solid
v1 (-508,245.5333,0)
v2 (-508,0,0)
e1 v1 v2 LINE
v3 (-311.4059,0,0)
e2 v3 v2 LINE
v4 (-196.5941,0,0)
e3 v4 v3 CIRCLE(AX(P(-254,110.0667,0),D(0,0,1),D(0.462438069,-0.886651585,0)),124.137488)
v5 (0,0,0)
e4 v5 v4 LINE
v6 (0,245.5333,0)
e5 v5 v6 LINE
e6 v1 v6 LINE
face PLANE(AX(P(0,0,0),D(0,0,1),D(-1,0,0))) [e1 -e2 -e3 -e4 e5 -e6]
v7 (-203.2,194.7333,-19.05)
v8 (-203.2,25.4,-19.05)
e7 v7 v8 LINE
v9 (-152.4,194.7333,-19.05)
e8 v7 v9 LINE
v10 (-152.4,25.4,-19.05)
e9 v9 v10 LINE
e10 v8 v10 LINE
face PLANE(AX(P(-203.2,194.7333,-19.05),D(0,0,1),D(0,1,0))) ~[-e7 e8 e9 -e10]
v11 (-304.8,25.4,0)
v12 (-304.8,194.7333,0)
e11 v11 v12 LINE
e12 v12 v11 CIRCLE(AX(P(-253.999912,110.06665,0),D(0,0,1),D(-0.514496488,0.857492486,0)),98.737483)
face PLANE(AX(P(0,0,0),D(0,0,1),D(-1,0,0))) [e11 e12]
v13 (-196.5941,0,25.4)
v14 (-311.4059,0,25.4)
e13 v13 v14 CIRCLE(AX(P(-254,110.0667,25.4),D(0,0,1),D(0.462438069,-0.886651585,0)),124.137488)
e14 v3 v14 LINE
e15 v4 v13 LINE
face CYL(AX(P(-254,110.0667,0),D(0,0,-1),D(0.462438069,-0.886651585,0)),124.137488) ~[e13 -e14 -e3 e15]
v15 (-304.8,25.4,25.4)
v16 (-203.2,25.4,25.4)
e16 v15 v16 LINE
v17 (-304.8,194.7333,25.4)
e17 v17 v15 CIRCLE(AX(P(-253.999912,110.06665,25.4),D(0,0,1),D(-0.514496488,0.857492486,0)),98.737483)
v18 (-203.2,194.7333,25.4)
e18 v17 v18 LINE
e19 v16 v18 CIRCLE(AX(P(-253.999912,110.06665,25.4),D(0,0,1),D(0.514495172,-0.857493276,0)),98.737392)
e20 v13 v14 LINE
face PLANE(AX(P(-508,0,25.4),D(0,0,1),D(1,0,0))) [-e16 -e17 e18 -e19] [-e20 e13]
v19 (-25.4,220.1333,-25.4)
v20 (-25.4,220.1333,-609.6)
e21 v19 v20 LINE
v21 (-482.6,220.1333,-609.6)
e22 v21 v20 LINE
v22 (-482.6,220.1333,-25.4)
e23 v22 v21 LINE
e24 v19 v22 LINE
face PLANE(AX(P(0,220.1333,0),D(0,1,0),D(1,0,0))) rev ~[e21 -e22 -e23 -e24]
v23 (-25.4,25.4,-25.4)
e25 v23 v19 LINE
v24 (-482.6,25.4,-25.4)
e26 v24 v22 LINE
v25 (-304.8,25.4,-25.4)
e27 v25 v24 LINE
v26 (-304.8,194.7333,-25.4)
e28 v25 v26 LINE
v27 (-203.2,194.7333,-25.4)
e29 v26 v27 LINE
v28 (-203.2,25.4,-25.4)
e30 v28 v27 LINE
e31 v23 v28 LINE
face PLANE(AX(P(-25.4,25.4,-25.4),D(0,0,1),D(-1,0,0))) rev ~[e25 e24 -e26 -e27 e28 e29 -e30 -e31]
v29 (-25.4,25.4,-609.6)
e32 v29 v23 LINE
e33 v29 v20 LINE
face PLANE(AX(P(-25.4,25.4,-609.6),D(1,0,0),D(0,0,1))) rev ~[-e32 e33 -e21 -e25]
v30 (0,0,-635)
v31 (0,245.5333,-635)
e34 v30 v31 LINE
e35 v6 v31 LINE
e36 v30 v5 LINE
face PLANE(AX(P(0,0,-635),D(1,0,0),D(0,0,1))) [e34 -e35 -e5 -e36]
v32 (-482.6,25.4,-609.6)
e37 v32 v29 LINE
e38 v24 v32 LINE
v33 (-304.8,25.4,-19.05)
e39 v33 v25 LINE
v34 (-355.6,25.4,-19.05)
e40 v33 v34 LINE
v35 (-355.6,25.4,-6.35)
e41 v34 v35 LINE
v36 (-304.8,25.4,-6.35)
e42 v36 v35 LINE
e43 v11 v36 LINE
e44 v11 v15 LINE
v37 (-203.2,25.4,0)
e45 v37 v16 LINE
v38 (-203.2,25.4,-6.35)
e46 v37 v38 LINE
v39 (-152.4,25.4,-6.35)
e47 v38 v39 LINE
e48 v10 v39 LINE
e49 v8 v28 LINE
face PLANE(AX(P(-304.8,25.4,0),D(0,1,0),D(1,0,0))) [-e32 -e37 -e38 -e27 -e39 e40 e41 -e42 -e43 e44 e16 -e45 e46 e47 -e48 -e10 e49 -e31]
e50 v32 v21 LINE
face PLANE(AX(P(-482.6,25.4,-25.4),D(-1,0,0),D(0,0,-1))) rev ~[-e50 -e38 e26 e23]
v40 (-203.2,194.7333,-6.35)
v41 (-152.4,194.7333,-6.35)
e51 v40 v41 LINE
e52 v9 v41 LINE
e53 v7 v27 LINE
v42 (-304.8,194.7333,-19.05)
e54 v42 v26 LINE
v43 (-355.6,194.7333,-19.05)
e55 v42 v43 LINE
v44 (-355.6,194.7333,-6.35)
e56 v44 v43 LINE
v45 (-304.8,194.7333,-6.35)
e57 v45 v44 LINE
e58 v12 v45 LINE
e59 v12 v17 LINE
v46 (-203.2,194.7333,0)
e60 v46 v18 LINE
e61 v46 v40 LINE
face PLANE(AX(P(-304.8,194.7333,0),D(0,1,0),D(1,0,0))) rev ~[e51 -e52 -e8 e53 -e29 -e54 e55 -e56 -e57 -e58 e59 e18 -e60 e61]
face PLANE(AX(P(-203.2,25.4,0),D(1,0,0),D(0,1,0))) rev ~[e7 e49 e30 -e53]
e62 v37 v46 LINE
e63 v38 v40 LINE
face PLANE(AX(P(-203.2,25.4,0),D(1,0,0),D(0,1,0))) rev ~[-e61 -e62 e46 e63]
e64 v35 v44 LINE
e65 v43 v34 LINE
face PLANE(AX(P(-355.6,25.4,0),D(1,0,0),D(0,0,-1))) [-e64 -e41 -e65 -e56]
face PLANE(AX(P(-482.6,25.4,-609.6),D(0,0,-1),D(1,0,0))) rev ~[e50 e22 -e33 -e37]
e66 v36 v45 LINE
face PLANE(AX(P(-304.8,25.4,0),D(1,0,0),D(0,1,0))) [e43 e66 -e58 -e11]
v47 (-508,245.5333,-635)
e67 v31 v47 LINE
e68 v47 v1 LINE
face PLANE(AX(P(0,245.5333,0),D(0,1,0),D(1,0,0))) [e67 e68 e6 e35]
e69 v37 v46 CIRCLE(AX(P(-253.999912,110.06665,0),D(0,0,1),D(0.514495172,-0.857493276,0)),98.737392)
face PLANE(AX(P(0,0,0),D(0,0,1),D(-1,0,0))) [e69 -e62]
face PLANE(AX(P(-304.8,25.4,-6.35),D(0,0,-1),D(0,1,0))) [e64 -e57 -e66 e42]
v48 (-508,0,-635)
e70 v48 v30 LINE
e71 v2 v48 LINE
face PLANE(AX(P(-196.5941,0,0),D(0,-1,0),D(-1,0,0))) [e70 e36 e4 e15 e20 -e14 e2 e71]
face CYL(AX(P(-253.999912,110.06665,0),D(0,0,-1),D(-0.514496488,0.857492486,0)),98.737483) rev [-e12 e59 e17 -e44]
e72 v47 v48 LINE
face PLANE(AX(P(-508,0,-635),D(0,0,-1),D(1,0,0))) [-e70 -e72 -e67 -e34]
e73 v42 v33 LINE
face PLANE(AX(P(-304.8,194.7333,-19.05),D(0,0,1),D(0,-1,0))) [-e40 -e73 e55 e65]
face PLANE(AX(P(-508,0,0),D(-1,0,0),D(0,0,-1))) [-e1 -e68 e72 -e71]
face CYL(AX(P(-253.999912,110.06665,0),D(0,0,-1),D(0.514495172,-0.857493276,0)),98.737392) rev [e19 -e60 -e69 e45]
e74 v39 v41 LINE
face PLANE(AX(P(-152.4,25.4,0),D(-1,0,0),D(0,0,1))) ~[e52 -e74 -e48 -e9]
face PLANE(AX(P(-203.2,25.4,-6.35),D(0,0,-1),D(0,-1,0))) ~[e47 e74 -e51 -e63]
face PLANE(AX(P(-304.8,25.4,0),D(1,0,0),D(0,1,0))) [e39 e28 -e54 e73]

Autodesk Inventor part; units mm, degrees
ref_plane "YZ Plane" through (0, 0, 0) normal (1, 0, 0) x (0, 1, 0)
ref_plane "XZ Plane" through (0, 0, 0) normal (0, 1, 0) x (-1, 0, 0)
sketch "Sketch1" plane through (0, 0, 0) normal (0, 1, 0) x (-1, 0, 0)
  line L0 (0, 0) -> (508, 0)
  line L1 (508, 0) -> (508, -635)
  line L2 (508, -635) -> (0, -635)
  line L3 (0, -635) -> (0, 0)
  dimension "d0" = 508
  dimension "d1" = 635
extrude "floor" add sketch "Sketch1" along normal blind 25.4
sketch "Sketch4" plane through (0, 25.4, 0) normal (0, 1, 0) x (1, 0, 0)
  line L0 (-508, 0) -> (0, 0) projected
  line L1 (0, 0) -> (0, 635) projected
  line L2 (0, 0) -> (0, 635)
  line L3 (0, 635) -> (-508, 635) projected
  line L4 (0, 635) -> (-508, 635)
  line L5 (-508, 635) -> (-508, 0)
  line L6 (-508, 0) -> (0, 0)
  line L7 (-25.4, 25.4) -> (-482.6, 25.4)
  line L8 (-482.6, 25.4) -> (-482.6, 609.6)
  line L9 (-482.6, 609.6) -> (-25.4, 609.6)
  line L10 (-25.4, 609.6) -> (-25.4, 25.4)
  dimension "d11" = 25.4
  dimension "d12" = 25.4
  dimension "d13" = 25.4
  dimension "d14" = 25.4
extrude "walls" add sketch "Sketch4" along normal blind 220.1333
sketch "Sketch5" plane through (-508, 0, 0) normal (0, 0, 1) x (1, 0, 0)
  line L0 (25.4, 25.4) -> (482.6, 25.4) projected
  line L1 (254, 25.4) -> (304.8, 25.4)
  line L2 (304.8, 25.4) -> (304.8, 194.7333)
  line L3 (304.8, 194.7333) -> (254, 194.7333)
  line L4 (254, 194.7333) -> (254, 25.4)
  line L5 (254, 25.4) -> (203.2, 25.4)
  line L6 (203.2, 25.4) -> (203.2, 194.7333)
  line L7 (203.2, 194.7333) -> (254, 194.7333)
  point P0 (508, 0)
  dimension "d17" = 50.8
  dimension "d18" = 169.3333
extrude "doorframe" cut sketch "Sketch5" against normal blind 220.1333
sketch "Sketch7" plane through (0, 245.5333, 0) normal (0, 1, 0) x (1, 0, 0)
  line L0 (-482.6, 25.4) -> (-482.6, 609.6) projected
  line L1 (-25.4, 25.4) -> (-25.4, 609.6) projected
  line L2 (-482.6, 609.6) -> (-25.4, 609.6)
  line L3 (-25.4, 609.6) -> (-25.4, 25.4)
  line L4 (-25.4, 25.4) -> (-482.6, 25.4)
  line L5 (-482.6, 25.4) -> (-482.6, 609.6)
  point P0 (0, 0)
extrude "ceiling" add sketch "Sketch7" against normal blind 25.4
sketch "Sketch8" plane through (-304.8, 25.4, 0) normal (1, 0, 0) x (0, 0, -1)
  line L0 (12.7, 169.3333) -> (19.05, 169.3333)
  line L1 (19.05, 169.3333) -> (19.05, 0)
  line L2 (19.05, 0) -> (6.35, 0)
  line L3 (6.35, 0) -> (6.35, 169.3333)
  line L4 (12.7, 169.3333) -> (6.35, 169.3333)
  point P0 (0, -25.4)
  point P1 (0, 169.3333)
  point P2 (25.4, 169.3333)
  point P3 (0, 0)
  point P4 (25.4, 0)
  dimension "d24" = 6.35
  dimension "d25" = 12.7
  dimension "d28" = 169.3333
extrude "left door slot" cut sketch "Sketch8" against normal blind 50.8
ref_plane "mirror door slot" through (-254, 25.4, 0) normal (1, 0, 0) x (0, 0, -1)
mirror "right door slot" about plane through (-254, 25.4, 0) normal (1, 0, 0) of "left door slot"
sketch "Sketch10" plane through (-508, 0, 0) normal (0, 0, 1) x (1, 0, 0)
  line L0 (203.2, 194.7333) -> (304.8, 194.7333)
  line L1 (203.2, 25.4) -> (304.8, 25.4)
  arc A0 (311.4059, 0) -> (196.5941, 0) centre (254, 110.0667) ccw
  arc A1 (203.2, 194.7333) -> (203.2, 25.4) centre (254, 110.0667) ccw
  arc A2 (304.8, 25.4) -> (304.8, 194.7333) centre (254, 110.0667) ccw
  line L2 (203.2, 194.7333) -> (304.8, 194.7333) projected
  line L3 (203.2, 194.7333) -> (203.2, 25.4) projected
  line L4 (508, 0) -> (0, 0) projected
  line L5 (196.5941, 0) -> (311.4059, 0)
  point P0 (254, 194.7333)
  point P1 (203.2, 110.0667)
  dimension "d37" = 169.3333
  dimension "d38" = 101.6
  dimension "d39" = 25.4
extrude "corridor connect" add sketch "Sketch10" along normal blind 25.4
equation "\"d12\" = d11"
equation "\"d13\" = d12"
equation "\"d14\" = d13"
properties part number "main room"
